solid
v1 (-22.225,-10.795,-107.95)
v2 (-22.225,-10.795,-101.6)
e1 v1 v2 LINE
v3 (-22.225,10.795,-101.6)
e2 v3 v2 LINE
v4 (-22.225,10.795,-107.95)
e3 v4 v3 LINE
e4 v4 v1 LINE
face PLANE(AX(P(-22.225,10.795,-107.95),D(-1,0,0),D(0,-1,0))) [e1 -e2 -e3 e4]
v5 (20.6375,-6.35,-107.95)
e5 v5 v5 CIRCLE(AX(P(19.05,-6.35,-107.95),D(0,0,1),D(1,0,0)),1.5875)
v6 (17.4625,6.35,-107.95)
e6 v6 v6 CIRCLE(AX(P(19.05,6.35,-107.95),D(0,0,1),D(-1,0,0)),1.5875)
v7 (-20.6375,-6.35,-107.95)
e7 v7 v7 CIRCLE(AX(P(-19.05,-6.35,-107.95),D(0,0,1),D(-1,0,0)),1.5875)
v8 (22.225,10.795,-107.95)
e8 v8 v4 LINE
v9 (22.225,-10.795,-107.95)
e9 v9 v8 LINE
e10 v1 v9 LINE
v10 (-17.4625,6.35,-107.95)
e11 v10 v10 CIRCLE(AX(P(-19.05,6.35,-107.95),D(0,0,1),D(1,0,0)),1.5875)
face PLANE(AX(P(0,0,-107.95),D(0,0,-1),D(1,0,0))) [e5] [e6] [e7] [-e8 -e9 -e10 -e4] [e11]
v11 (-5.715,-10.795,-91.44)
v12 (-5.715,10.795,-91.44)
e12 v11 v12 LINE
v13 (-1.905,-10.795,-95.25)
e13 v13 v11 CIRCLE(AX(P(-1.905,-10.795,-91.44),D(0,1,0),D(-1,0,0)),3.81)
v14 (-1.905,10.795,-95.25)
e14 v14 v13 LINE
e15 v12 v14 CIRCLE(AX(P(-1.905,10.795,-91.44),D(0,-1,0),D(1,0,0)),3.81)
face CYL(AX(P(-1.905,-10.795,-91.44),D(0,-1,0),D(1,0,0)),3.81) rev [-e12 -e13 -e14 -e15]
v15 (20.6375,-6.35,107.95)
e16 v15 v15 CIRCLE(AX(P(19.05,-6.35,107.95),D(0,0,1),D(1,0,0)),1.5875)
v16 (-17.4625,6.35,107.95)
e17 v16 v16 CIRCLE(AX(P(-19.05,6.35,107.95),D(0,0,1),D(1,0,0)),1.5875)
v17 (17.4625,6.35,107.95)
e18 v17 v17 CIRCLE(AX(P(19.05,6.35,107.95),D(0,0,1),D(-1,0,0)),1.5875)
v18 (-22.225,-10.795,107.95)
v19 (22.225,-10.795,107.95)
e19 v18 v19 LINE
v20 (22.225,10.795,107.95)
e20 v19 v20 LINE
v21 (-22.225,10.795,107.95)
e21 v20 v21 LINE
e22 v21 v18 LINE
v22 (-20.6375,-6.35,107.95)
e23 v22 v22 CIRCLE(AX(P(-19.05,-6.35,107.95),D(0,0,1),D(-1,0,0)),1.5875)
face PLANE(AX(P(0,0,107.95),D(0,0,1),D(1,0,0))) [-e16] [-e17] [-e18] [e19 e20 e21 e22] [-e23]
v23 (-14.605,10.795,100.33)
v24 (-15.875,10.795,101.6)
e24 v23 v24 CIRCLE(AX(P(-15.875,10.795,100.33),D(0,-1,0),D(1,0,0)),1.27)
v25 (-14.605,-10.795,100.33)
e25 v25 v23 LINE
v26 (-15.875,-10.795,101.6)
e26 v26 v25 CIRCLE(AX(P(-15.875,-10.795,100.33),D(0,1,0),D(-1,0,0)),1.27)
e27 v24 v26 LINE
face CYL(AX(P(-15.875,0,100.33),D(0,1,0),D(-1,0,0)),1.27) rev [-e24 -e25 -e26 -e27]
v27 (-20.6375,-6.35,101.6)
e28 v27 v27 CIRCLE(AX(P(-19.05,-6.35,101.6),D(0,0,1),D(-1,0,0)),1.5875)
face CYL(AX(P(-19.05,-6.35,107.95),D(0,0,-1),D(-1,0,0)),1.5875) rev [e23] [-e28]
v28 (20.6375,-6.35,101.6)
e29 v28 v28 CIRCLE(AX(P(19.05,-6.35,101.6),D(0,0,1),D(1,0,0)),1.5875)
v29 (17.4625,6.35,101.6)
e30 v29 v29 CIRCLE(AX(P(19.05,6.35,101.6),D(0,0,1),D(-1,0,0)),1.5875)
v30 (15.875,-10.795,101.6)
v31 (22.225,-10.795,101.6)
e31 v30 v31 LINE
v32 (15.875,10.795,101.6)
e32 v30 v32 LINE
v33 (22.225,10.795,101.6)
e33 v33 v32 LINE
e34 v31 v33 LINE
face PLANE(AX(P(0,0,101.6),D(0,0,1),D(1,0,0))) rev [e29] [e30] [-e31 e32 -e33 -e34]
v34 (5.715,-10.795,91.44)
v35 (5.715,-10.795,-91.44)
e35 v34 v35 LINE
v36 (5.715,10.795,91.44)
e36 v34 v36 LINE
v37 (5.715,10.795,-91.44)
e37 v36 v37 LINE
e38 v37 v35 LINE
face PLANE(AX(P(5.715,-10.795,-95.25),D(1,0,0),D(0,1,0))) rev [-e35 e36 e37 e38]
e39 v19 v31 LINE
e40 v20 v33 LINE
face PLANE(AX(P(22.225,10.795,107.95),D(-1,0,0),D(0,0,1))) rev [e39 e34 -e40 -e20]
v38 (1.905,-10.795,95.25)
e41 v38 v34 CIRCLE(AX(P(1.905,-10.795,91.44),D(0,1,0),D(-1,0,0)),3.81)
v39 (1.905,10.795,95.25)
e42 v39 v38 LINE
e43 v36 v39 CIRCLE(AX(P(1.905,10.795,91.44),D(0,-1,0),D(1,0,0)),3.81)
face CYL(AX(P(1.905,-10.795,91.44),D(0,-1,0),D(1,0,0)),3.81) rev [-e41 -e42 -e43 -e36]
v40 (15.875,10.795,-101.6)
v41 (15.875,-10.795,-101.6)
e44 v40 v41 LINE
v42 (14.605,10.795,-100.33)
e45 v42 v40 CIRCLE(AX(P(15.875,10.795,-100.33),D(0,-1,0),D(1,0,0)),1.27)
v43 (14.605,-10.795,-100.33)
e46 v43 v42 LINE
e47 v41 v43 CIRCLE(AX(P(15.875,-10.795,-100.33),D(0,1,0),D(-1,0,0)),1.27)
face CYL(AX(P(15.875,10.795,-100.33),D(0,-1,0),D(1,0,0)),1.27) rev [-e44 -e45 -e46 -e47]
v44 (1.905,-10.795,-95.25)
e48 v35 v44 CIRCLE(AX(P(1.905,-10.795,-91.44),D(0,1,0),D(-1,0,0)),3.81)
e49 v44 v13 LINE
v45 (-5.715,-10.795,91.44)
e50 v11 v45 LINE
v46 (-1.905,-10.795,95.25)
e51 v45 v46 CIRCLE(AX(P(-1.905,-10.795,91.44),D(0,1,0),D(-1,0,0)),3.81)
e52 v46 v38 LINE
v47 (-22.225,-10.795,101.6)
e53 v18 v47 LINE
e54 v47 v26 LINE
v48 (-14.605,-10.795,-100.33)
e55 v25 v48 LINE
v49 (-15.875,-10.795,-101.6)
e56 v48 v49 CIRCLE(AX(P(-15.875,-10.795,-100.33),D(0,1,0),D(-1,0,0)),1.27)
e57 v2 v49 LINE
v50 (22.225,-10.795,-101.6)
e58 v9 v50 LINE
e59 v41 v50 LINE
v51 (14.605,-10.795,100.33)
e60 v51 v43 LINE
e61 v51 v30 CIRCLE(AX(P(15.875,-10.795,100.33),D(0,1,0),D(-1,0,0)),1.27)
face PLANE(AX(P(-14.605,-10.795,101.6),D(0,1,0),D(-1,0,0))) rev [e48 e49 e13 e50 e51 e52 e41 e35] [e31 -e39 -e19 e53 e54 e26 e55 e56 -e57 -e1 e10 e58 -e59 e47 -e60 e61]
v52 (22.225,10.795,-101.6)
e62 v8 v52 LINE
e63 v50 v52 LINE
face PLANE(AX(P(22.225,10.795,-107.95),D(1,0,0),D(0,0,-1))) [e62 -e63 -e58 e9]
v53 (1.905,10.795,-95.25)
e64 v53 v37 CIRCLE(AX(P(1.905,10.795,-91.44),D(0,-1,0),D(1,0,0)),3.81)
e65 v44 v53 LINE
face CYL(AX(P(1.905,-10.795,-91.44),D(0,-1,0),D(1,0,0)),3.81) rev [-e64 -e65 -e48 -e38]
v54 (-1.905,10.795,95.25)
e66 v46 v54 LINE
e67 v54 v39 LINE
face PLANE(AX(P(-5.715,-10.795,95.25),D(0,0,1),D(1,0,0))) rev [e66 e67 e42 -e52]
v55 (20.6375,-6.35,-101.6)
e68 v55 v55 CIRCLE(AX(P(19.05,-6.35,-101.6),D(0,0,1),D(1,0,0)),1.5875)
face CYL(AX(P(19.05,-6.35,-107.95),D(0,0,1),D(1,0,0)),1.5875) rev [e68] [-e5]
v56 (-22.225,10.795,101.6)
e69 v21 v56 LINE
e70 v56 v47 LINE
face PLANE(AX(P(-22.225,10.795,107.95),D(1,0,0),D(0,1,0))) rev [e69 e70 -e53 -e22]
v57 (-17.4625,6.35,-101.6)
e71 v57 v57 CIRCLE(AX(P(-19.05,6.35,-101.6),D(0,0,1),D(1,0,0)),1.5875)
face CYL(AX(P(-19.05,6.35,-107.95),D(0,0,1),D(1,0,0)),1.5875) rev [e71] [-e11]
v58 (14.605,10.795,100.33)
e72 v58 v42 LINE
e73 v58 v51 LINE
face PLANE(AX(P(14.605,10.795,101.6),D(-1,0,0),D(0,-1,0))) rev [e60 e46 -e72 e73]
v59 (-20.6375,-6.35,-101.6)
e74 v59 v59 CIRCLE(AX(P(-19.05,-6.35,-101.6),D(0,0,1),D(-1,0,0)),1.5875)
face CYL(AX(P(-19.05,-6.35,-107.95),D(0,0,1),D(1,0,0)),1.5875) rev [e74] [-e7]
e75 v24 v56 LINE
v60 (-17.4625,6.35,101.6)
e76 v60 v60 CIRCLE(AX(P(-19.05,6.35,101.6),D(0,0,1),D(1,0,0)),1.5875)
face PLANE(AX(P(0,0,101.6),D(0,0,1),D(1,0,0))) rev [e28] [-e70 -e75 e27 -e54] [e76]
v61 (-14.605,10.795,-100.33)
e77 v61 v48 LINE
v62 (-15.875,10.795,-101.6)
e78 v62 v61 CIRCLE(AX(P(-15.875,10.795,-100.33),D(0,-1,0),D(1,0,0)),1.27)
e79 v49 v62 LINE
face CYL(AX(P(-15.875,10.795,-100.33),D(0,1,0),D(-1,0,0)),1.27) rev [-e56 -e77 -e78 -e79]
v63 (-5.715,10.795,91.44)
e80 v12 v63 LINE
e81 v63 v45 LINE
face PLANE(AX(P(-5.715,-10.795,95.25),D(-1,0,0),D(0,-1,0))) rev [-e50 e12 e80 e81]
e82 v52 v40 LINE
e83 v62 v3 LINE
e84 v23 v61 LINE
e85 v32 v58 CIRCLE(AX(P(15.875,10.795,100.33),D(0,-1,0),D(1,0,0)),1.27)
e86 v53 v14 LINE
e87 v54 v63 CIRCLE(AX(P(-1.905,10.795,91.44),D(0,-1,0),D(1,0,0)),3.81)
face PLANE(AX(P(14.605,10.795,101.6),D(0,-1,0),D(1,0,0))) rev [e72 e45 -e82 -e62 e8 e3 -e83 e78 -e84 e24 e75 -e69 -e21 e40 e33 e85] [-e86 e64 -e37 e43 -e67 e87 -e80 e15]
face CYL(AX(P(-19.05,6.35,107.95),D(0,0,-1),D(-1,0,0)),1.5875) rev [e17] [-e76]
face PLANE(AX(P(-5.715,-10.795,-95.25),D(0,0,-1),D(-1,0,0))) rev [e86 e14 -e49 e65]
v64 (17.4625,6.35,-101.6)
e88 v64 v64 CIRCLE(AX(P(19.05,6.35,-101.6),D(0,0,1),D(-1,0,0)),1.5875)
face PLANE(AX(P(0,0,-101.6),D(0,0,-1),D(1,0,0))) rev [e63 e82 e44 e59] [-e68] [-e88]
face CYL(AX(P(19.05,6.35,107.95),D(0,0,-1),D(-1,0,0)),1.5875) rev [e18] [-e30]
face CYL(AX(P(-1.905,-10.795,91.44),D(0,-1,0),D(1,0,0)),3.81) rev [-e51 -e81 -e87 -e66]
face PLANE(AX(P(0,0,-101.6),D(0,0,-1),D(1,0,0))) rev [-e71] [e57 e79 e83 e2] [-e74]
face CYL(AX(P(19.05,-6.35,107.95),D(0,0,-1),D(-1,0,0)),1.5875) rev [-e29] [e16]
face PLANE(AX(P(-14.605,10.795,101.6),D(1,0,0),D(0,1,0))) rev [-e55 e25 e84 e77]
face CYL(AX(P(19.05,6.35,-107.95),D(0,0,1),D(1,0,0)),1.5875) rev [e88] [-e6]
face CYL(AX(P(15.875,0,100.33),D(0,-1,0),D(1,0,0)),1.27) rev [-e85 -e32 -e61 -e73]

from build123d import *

# Parameters (mm, degrees)
SKETCH1_W           = 29.21
SKETCH1_H           = 21.59
BOSS_EXTRUDE1_DEPTH = 101.6
SKETCH2_W           = 44.45
SKETCH2_H           = 21.59
SKETCH2_R           = 1.5875
BOSS_EXTRUDE2_DEPTH = 6.35
FILLET1_R           = 1.27
SKETCH3_W           = 11.43
SKETCH3_H           = 190.5
CUT_EXTRUDE1_DEPTH  = 113.3088653
FILLET2_R           = 3.81


with BuildPart() as part:
    # Sketch1 → Boss-Extrude1 (new, symmetric)
    with BuildSketch(Plane.XY):
        Rectangle(SKETCH1_W, SKETCH1_H)
    extrude(amount=BOSS_EXTRUDE1_DEPTH, both=True)

    # Sketch2 → Boss-Extrude2 (add)
    with BuildSketch(Plane.XY.offset(101.6)):
        Rectangle(SKETCH2_W, SKETCH2_H)
        with Locations((-19.05, 6.35)):
            Circle(SKETCH2_R, mode=Mode.SUBTRACT)
        with Locations(Location((-19.05, -6.35, 0), (0, 0, 180))):
            Circle(SKETCH2_R, mode=Mode.SUBTRACT)
        with Locations((19.05, -6.35)):
            Circle(SKETCH2_R, mode=Mode.SUBTRACT)
        with Locations(Location((19.05, 6.35, 0), (0, 0, 180))):
            Circle(SKETCH2_R, mode=Mode.SUBTRACT)
    boss_extrude2 = extrude(amount=BOSS_EXTRUDE2_DEPTH)

    # Mirror1: Boss-Extrude2 across plane
    add(boss_extrude2.mirror(Plane.XY))

    # Fillet1
    fillet1_edges = [part.edges().sort_by_distance(p)[0] for p in [
        (14.605, 0, 101.6),
        (-14.605, 0, 101.6),
        (14.605, 0, -101.6),
        (-14.605, 0, -101.6),
    ]]
    fillet(fillet1_edges, radius=FILLET1_R)

    # Sketch3 → Cut-Extrude1 (cut, through all)
    with BuildSketch(Plane(origin=(0, 10.795, 0), x_dir=(1, 0, 0), z_dir=(0, 1, 0))):
        Rectangle(SKETCH3_W, SKETCH3_H)
    extrude(amount=-CUT_EXTRUDE1_DEPTH, mode=Mode.SUBTRACT)

    # Fillet2
    fillet2_edges = [part.edges().sort_by_distance(p)[0] for p in [
        (-5.715, 0, -95.25),
        (5.715, 0, -95.25),
        (5.715, 0, 95.25),
        (-5.715, 0, 95.25),
    ]]
    fillet(fillet2_edges, radius=FILLET2_R)


solid = part.part
